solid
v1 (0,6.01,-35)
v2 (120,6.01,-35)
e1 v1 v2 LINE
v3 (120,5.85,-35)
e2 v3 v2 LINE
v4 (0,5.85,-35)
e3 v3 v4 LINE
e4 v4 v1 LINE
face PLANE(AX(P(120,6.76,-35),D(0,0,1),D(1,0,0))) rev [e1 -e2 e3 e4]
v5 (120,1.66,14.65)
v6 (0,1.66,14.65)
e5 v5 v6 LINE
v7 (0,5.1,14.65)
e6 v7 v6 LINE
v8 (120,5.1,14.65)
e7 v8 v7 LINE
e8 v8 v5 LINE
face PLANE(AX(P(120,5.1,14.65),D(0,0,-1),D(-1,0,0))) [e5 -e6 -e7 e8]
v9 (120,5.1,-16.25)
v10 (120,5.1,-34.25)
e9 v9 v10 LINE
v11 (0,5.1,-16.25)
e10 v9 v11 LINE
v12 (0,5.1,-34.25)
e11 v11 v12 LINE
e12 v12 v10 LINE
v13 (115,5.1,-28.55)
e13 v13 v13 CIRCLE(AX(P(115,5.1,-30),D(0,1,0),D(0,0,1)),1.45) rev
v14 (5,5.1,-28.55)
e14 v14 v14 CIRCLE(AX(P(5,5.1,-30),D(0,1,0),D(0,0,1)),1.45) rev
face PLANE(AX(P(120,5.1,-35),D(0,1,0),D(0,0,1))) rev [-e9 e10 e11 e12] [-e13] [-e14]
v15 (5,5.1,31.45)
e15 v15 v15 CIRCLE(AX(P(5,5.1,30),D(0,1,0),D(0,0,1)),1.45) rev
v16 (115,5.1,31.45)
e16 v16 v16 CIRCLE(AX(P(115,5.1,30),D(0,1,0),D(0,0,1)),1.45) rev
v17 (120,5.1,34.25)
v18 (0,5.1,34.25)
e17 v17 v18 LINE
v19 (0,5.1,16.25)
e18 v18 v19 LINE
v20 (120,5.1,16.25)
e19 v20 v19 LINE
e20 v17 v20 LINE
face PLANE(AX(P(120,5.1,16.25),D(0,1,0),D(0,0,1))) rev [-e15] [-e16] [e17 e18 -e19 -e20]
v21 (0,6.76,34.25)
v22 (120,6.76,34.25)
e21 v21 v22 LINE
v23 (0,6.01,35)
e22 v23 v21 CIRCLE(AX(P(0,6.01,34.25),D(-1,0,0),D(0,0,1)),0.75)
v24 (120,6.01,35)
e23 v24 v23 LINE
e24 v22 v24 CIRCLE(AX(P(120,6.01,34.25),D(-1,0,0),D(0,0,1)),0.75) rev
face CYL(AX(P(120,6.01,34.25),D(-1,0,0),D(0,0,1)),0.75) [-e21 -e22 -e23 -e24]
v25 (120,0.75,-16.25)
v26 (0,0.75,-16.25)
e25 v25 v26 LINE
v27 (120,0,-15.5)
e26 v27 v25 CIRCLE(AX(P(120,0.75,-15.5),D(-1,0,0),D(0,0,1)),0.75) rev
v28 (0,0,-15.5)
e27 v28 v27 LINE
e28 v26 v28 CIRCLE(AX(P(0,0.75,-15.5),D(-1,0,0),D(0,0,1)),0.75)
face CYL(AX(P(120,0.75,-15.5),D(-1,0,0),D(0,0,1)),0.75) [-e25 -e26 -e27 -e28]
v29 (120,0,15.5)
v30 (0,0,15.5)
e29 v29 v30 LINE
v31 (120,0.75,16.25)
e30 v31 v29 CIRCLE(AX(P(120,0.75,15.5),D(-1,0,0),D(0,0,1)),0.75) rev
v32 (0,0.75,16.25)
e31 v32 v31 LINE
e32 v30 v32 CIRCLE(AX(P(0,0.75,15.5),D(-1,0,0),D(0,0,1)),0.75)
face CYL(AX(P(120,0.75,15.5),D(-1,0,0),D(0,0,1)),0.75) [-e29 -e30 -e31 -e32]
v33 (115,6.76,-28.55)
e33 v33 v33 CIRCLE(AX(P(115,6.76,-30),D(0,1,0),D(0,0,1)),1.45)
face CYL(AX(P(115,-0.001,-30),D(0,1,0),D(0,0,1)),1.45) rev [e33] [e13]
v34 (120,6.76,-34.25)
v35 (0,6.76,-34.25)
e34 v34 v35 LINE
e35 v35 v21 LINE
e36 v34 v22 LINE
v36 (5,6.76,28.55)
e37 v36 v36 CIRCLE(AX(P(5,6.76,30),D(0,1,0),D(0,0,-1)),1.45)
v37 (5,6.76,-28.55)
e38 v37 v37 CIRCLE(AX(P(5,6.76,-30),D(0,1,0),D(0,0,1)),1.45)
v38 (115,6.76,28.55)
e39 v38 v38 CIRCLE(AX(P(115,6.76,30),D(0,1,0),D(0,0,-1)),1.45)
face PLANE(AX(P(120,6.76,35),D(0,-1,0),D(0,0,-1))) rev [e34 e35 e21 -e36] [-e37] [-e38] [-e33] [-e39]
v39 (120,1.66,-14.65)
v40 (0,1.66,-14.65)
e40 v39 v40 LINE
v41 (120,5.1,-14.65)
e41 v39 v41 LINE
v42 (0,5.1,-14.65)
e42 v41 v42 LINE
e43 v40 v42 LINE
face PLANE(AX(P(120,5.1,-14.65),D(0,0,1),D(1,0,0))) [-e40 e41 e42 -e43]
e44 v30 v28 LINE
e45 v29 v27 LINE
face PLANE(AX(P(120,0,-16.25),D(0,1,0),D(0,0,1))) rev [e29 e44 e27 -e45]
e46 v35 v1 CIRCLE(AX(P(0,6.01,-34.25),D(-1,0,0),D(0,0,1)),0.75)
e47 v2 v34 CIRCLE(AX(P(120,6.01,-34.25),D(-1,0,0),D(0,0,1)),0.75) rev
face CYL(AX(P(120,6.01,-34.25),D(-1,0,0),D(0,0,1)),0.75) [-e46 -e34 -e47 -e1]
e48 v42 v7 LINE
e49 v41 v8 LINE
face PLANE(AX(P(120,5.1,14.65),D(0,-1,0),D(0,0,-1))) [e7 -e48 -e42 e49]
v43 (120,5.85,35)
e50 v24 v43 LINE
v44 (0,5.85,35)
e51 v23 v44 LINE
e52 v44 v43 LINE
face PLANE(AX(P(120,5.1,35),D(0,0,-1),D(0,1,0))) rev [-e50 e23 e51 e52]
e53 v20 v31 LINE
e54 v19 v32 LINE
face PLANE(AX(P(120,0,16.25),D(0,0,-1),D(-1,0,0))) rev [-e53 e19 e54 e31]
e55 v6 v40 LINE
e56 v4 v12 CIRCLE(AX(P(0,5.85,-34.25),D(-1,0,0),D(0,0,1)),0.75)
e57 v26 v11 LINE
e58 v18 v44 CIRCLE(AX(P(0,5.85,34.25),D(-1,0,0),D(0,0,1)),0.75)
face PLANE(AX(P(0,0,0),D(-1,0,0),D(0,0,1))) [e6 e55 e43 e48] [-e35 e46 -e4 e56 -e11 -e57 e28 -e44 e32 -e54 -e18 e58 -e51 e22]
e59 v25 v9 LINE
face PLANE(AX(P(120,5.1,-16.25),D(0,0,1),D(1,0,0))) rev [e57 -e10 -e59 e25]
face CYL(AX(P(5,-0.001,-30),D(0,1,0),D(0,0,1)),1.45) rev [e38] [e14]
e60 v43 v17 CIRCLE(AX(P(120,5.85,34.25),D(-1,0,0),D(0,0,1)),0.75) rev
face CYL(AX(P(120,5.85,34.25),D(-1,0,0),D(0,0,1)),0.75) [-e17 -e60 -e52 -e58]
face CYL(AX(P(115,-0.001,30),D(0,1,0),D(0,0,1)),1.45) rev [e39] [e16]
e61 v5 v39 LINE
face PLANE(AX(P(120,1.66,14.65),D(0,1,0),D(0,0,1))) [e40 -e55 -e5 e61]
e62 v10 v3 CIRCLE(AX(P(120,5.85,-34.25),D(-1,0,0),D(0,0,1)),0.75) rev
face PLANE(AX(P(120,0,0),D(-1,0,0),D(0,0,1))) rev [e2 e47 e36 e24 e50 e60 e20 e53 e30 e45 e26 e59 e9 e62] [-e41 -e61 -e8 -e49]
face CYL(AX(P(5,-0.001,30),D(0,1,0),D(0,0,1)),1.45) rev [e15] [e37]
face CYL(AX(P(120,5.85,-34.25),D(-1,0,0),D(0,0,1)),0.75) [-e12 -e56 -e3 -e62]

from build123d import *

# Parameters (mm, degrees)
SKETCH1_W           = 29.3
SKETCH1_H           = 3.44
BOSS_EXTRUDE1_DEPTH = 120
FILLET1_R           = 0.75
CUT_EXTRUDE1_REACH  = 8.76
SKETCH2_R           = 1.45


with BuildPart() as part:
    # Sketch1 → Boss-Extrude1 (new body)
    with BuildSketch(Plane(origin=(0, 0, 0), x_dir=(0, 0, -1), z_dir=(1, 0, 0))):
        Polygon((-16.25, 0), (-16.25, 5.1), (-35, 5.1), (-35, 6.76), (35, 6.76), (35, 5.1), (16.25, 5.1), (16.25, 0), align=None)
        with Locations((0, 3.38)):
            Rectangle(SKETCH1_W, SKETCH1_H, mode=Mode.SUBTRACT)
    extrude(amount=BOSS_EXTRUDE1_DEPTH)

    # Fillet1
    fillet1_edges = [part.edges().sort_by_distance(p)[0] for p in [
        (60, 0, 16.25),
        (60, 5.1, 35),
        (60, 6.76, 35),
        (60, 6.76, -35),
        (60, 5.1, -35),
        (60, 0, -16.25),
    ]]
    fillet(fillet1_edges, radius=FILLET1_R)

    # Sketch2 → Cut-Extrude1 (cut, up to next)
    with BuildSketch(Plane(origin=(0, 6.76, 0), x_dir=(1, 0, 0), z_dir=(0, 1, 0)), mode=Mode.PRIVATE) as cut_extrude1_sk1:
        with Locations((115, 30)):
            Circle(SKETCH2_R)
    cut_extrude1_tool1 = extrude(cut_extrude1_sk1.sketch, amount=-CUT_EXTRUDE1_REACH, mode=Mode.PRIVATE) & part.part
    add(cut_extrude1_tool1.solids().sort_by_distance((115, 6.76, -30))[0], mode=Mode.SUBTRACT)
    # Sketch2 → Cut-Extrude1 (cut, up to next)
    with BuildSketch(Plane(origin=(0, 6.76, 0), x_dir=(1, 0, 0), z_dir=(0, 1, 0)), mode=Mode.PRIVATE) as cut_extrude1_sk2:
        with Locations((5, 30)):
            Circle(SKETCH2_R)
    cut_extrude1_tool2 = extrude(cut_extrude1_sk2.sketch, amount=-CUT_EXTRUDE1_REACH, mode=Mode.PRIVATE) & part.part
    add(cut_extrude1_tool2.solids().sort_by_distance((5, 6.76, -30))[0], mode=Mode.SUBTRACT)
    # Sketch2 → Cut-Extrude1 (cut, up to next)
    with BuildSketch(Plane(origin=(0, 6.76, 0), x_dir=(1, 0, 0), z_dir=(0, 1, 0)), mode=Mode.PRIVATE) as cut_extrude1_sk3:
        with Locations((5, -30)):
            Circle(SKETCH2_R)
    cut_extrude1_tool3 = extrude(cut_extrude1_sk3.sketch, amount=-CUT_EXTRUDE1_REACH, mode=Mode.PRIVATE) & part.part
    add(cut_extrude1_tool3.solids().sort_by_distance((5, 6.76, 30))[0], mode=Mode.SUBTRACT)
    # Sketch2 → Cut-Extrude1 (cut, up to next)
    with BuildSketch(Plane(origin=(0, 6.76, 0), x_dir=(1, 0, 0), z_dir=(0, 1, 0)), mode=Mode.PRIVATE) as cut_extrude1_sk4:
        with Locations((115, -30)):
            Circle(SKETCH2_R)
    cut_extrude1_tool4 = extrude(cut_extrude1_sk4.sketch, amount=-CUT_EXTRUDE1_REACH, mode=Mode.PRIVATE) & part.part
    add(cut_extrude1_tool4.solids().sort_by_distance((115, 6.76, 30))[0], mode=Mode.SUBTRACT)


solid = part.part
